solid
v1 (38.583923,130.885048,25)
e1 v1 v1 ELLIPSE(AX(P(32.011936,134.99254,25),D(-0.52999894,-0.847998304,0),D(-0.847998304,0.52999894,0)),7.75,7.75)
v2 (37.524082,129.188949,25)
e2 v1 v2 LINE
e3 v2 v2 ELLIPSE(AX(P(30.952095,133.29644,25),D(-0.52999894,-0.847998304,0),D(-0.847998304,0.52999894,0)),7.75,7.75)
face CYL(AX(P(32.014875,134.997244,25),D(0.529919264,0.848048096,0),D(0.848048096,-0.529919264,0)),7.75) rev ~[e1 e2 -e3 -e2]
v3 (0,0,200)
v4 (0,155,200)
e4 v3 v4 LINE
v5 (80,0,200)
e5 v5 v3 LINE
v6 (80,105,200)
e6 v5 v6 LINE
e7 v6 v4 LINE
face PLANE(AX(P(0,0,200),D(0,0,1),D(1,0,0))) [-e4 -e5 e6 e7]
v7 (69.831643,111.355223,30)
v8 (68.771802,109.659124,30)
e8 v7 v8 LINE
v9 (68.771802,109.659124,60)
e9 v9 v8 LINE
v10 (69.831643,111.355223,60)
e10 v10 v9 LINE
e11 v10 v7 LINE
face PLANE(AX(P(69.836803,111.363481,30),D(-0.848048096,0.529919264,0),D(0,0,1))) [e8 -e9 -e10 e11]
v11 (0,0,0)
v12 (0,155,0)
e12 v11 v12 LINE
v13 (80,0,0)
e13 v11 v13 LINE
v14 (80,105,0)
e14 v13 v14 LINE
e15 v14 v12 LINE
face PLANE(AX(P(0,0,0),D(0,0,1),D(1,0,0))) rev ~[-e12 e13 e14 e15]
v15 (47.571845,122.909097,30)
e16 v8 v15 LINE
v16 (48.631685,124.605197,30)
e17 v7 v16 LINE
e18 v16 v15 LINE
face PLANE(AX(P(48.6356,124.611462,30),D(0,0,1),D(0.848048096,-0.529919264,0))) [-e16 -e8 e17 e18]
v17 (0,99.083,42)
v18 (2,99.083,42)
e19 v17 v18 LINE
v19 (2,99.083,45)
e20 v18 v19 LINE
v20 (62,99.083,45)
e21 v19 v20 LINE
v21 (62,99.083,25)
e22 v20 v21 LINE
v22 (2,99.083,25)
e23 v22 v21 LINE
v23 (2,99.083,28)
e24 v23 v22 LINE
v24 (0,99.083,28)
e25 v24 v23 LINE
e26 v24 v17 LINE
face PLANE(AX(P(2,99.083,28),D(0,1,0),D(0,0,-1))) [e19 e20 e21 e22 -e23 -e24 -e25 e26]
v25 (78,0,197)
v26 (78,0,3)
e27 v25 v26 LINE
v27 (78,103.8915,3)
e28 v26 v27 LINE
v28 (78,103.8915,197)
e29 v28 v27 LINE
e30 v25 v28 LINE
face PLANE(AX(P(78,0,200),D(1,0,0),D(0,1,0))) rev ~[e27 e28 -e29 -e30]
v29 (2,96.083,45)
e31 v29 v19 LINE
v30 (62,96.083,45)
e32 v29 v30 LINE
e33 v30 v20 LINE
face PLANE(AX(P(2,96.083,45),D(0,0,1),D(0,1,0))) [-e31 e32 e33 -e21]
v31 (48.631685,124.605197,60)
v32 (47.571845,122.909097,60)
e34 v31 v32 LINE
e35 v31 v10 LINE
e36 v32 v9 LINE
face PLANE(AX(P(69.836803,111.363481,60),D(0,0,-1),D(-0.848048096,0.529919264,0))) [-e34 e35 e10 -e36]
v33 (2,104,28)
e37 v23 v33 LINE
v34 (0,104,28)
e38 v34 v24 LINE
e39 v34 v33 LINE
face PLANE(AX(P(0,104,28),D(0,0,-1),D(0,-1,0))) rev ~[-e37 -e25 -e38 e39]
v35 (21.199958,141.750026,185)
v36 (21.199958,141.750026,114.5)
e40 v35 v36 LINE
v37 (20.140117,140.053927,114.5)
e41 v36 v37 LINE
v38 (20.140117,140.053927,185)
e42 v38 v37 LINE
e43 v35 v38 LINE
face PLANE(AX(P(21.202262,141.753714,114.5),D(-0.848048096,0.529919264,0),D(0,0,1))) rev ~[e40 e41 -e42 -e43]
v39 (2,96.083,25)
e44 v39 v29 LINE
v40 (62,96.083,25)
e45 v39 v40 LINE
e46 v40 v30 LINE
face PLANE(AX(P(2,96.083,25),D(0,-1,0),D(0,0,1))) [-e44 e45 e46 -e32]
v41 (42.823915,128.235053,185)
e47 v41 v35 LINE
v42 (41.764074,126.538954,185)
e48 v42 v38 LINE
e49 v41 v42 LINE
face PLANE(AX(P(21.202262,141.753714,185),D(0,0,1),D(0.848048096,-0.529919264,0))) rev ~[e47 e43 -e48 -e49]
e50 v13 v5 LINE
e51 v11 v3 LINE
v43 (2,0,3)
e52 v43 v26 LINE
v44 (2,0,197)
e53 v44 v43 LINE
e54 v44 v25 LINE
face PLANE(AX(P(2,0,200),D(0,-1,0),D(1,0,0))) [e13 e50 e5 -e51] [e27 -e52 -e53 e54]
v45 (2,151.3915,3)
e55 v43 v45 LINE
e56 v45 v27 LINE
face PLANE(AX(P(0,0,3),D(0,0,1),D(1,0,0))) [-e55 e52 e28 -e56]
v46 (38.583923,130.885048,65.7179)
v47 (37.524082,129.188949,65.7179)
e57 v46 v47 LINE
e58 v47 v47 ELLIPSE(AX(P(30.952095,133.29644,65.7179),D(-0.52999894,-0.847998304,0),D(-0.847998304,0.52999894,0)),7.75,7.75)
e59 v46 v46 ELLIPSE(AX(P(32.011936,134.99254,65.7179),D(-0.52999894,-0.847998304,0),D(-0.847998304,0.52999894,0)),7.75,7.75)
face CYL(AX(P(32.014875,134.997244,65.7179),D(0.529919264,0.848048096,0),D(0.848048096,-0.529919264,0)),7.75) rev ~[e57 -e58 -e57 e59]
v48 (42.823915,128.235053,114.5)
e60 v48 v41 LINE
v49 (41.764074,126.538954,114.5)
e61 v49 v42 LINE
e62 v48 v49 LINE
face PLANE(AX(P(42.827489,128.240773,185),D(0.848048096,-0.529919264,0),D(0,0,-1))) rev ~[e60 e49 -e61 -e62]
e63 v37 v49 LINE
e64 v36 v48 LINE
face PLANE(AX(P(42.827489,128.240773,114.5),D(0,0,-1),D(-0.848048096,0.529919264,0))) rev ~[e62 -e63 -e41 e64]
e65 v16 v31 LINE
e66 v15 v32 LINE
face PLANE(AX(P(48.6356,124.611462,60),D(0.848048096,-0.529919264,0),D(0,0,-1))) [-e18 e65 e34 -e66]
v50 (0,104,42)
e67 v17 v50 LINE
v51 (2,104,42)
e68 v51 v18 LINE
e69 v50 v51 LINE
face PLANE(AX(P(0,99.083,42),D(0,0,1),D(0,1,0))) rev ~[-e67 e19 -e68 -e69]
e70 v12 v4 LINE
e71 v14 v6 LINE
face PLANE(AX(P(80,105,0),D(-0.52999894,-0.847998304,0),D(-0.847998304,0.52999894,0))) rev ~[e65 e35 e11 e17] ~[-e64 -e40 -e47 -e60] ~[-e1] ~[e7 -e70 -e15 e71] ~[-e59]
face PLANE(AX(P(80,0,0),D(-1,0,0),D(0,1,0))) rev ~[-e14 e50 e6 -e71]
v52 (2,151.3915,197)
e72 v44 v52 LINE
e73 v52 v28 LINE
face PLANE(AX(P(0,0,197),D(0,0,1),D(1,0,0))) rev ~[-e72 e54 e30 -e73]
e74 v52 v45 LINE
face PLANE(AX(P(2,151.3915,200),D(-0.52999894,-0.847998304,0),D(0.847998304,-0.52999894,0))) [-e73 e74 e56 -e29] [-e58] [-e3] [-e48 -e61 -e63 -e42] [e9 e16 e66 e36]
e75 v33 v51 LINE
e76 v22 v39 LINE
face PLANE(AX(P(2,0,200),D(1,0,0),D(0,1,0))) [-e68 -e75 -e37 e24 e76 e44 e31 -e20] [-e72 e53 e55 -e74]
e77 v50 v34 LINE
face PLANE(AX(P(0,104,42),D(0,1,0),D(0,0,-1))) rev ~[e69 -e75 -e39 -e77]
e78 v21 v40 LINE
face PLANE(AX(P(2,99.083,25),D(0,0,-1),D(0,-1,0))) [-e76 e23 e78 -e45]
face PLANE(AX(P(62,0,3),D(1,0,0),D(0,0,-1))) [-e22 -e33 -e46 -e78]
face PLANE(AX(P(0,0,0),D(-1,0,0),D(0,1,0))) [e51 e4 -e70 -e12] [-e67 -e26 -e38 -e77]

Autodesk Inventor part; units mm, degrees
ref_plane "YZ Plane" through (0, 0, 0) normal (1, 0, 0) x (0, 1, 0)
ref_plane "XZ Plane" through (0, 0, 0) normal (0, 1, 0) x (-1, 0, 0)
ref_plane "XY Plane" through (0, 0, 0) normal (0, 0, 1) x (1, 0, 0)
sketch "Sketch1" plane through (0, 0, 0) normal (0, 0, 1) x (1, 0, 0)
  line L0 (0, 0) -> (80, 0)
  line L1 (0, 0) -> (0, 155)
  line L2 (80, 0) -> (80, 105)
  line L3 (80, 105) -> (0, 155)
  dimension "d0" = 80
  dimension "d1" = 155
  dimension "d2" = 105
extrude "Extrusion1" add sketch "Sketch1" along normal blind 200
sketch "Sketch3" plane through (0, 0, 200) normal (0, 0, 1) x (1, 0, 0)
  line L0 (2, 0) -> (2, 151.3915)
  line L1 (80, 0) -> (80, 105) projected
  line L2 (78, 0) -> (78, 103.8915)
  line L3 (80, 105) -> (0, 155) projected
  line L4 (2, 151.3915) -> (78, 103.8915)
  line L5 (0, 0) -> (80, 0) projected
  line L6 (2, 0) -> (78, 0)
  line L7 (0, 155) -> (0, 0) projected
  dimension "d23" = 2
  dimension "d24" = 2
  dimension "d25" = 2
extrude "Extrusion3" cut sketch "Sketch3" against normal blind 197 contours L0 L4 L2 L5
extrude "Extrusion4" add sketch "Sketch3" against normal blind 3 contours L0 L4 L2 L5
sketch "Sketch4" plane through (0, 0, 0) normal (-1, 0, 0) x (0, 0, 1)
  line L0 (0, 155) -> (0, 0) projected
  line L1 (0, 155) -> (0, 105)
  line L2 (28, 99.083) -> (42, 99.083)
  line L3 (42, 99.083) -> (42, 104)
  line L4 (42, 104) -> (28, 104)
  line L5 (28, 104) -> (28, 99.083)
  line L6 (28, 99.083) -> (42, 99.083)
  line L7 (0, 155) -> (0, 105)
  line L8 (0, 155) -> (200, 155) projected
  line L9 (28, 99.083) -> (42, 99.083)
  point P0 (28, 101.5415)
  dimension "d47" = 28
  dimension "d48" = 51
extrude "Extrusion5" cut sketch "Sketch4" against normal blind 10
sketch "Sketch5" plane through (2, 0, 3) normal (1, 0, 0) x (0, 0, -1)
  line L0 (-25, 99.083) -> (-39, 99.083) projected
  line L1 (-25, 99.083) -> (-22, 99.083)
  line L2 (-39, 99.083) -> (-42, 99.083)
  line L3 (-42, 99.083) -> (-22, 99.083)
  line L4 (-22, 99.083) -> (-22, 96.083)
  line L5 (-22, 96.083) -> (-42, 96.083)
  line L6 (-42, 96.083) -> (-42, 99.083)
  point P0 (3, 0)
  dimension "d42" = 3
  dimension "d43" = 3
  dimension "d44" = 3
extrude "Extrusion6" add sketch "Sketch5" along normal blind 60
sketch "Sketch6" plane through (0, 155, 200) normal (0.53, 0.848, 0) x (0.848, -0.53, 0)
  line L0 (25, 15) -> (50.5, 15)
  line L1 (50.5, 15) -> (50.5, 85.5)
  line L2 (50.5, 85.5) -> (25, 85.5)
  line L3 (25, 85.5) -> (25, 15)
  line L4 (94.3398, 0) -> (0, 0) projected
  line L5 (0, 200) -> (0, 0) projected
  line L6 (32.9219, 175) -> (83.8018, 175) projected
  circle A0 centre (37.75, 175) radius 7.75
  circle A1 centre (37.75, 134.2821) radius 7.75
  line L7 (82.3488, 140) -> (57.3488, 140)
  line L8 (57.3488, 140) -> (57.3488, 170)
  line L9 (57.3488, 170) -> (82.3488, 170)
  line L10 (82.3488, 170) -> (82.3488, 140)
  line L11 (31.3319, 155) -> (82.2118, 155) projected
  line L12 (82.3488, 140) -> (57.3488, 170) construction
  line L13 (57.3488, 140) -> (82.3488, 170) construction
  point P0 (82.1498, 200)
  point P1 (69.8488, 155)
  dimension "d49" = 25.5
  dimension "d50" = 70.5
  dimension "d51" = 15
  dimension "d52" = 25
  dimension "d53" = 15.5
  dimension "d54" = 15.5
  dimension "d55" = 25
  dimension "d56" = 30
extrude "Extrusion7" cut sketch "Sketch6" against normal blind 10
properties part number "Housing og Buttons & LCD"
